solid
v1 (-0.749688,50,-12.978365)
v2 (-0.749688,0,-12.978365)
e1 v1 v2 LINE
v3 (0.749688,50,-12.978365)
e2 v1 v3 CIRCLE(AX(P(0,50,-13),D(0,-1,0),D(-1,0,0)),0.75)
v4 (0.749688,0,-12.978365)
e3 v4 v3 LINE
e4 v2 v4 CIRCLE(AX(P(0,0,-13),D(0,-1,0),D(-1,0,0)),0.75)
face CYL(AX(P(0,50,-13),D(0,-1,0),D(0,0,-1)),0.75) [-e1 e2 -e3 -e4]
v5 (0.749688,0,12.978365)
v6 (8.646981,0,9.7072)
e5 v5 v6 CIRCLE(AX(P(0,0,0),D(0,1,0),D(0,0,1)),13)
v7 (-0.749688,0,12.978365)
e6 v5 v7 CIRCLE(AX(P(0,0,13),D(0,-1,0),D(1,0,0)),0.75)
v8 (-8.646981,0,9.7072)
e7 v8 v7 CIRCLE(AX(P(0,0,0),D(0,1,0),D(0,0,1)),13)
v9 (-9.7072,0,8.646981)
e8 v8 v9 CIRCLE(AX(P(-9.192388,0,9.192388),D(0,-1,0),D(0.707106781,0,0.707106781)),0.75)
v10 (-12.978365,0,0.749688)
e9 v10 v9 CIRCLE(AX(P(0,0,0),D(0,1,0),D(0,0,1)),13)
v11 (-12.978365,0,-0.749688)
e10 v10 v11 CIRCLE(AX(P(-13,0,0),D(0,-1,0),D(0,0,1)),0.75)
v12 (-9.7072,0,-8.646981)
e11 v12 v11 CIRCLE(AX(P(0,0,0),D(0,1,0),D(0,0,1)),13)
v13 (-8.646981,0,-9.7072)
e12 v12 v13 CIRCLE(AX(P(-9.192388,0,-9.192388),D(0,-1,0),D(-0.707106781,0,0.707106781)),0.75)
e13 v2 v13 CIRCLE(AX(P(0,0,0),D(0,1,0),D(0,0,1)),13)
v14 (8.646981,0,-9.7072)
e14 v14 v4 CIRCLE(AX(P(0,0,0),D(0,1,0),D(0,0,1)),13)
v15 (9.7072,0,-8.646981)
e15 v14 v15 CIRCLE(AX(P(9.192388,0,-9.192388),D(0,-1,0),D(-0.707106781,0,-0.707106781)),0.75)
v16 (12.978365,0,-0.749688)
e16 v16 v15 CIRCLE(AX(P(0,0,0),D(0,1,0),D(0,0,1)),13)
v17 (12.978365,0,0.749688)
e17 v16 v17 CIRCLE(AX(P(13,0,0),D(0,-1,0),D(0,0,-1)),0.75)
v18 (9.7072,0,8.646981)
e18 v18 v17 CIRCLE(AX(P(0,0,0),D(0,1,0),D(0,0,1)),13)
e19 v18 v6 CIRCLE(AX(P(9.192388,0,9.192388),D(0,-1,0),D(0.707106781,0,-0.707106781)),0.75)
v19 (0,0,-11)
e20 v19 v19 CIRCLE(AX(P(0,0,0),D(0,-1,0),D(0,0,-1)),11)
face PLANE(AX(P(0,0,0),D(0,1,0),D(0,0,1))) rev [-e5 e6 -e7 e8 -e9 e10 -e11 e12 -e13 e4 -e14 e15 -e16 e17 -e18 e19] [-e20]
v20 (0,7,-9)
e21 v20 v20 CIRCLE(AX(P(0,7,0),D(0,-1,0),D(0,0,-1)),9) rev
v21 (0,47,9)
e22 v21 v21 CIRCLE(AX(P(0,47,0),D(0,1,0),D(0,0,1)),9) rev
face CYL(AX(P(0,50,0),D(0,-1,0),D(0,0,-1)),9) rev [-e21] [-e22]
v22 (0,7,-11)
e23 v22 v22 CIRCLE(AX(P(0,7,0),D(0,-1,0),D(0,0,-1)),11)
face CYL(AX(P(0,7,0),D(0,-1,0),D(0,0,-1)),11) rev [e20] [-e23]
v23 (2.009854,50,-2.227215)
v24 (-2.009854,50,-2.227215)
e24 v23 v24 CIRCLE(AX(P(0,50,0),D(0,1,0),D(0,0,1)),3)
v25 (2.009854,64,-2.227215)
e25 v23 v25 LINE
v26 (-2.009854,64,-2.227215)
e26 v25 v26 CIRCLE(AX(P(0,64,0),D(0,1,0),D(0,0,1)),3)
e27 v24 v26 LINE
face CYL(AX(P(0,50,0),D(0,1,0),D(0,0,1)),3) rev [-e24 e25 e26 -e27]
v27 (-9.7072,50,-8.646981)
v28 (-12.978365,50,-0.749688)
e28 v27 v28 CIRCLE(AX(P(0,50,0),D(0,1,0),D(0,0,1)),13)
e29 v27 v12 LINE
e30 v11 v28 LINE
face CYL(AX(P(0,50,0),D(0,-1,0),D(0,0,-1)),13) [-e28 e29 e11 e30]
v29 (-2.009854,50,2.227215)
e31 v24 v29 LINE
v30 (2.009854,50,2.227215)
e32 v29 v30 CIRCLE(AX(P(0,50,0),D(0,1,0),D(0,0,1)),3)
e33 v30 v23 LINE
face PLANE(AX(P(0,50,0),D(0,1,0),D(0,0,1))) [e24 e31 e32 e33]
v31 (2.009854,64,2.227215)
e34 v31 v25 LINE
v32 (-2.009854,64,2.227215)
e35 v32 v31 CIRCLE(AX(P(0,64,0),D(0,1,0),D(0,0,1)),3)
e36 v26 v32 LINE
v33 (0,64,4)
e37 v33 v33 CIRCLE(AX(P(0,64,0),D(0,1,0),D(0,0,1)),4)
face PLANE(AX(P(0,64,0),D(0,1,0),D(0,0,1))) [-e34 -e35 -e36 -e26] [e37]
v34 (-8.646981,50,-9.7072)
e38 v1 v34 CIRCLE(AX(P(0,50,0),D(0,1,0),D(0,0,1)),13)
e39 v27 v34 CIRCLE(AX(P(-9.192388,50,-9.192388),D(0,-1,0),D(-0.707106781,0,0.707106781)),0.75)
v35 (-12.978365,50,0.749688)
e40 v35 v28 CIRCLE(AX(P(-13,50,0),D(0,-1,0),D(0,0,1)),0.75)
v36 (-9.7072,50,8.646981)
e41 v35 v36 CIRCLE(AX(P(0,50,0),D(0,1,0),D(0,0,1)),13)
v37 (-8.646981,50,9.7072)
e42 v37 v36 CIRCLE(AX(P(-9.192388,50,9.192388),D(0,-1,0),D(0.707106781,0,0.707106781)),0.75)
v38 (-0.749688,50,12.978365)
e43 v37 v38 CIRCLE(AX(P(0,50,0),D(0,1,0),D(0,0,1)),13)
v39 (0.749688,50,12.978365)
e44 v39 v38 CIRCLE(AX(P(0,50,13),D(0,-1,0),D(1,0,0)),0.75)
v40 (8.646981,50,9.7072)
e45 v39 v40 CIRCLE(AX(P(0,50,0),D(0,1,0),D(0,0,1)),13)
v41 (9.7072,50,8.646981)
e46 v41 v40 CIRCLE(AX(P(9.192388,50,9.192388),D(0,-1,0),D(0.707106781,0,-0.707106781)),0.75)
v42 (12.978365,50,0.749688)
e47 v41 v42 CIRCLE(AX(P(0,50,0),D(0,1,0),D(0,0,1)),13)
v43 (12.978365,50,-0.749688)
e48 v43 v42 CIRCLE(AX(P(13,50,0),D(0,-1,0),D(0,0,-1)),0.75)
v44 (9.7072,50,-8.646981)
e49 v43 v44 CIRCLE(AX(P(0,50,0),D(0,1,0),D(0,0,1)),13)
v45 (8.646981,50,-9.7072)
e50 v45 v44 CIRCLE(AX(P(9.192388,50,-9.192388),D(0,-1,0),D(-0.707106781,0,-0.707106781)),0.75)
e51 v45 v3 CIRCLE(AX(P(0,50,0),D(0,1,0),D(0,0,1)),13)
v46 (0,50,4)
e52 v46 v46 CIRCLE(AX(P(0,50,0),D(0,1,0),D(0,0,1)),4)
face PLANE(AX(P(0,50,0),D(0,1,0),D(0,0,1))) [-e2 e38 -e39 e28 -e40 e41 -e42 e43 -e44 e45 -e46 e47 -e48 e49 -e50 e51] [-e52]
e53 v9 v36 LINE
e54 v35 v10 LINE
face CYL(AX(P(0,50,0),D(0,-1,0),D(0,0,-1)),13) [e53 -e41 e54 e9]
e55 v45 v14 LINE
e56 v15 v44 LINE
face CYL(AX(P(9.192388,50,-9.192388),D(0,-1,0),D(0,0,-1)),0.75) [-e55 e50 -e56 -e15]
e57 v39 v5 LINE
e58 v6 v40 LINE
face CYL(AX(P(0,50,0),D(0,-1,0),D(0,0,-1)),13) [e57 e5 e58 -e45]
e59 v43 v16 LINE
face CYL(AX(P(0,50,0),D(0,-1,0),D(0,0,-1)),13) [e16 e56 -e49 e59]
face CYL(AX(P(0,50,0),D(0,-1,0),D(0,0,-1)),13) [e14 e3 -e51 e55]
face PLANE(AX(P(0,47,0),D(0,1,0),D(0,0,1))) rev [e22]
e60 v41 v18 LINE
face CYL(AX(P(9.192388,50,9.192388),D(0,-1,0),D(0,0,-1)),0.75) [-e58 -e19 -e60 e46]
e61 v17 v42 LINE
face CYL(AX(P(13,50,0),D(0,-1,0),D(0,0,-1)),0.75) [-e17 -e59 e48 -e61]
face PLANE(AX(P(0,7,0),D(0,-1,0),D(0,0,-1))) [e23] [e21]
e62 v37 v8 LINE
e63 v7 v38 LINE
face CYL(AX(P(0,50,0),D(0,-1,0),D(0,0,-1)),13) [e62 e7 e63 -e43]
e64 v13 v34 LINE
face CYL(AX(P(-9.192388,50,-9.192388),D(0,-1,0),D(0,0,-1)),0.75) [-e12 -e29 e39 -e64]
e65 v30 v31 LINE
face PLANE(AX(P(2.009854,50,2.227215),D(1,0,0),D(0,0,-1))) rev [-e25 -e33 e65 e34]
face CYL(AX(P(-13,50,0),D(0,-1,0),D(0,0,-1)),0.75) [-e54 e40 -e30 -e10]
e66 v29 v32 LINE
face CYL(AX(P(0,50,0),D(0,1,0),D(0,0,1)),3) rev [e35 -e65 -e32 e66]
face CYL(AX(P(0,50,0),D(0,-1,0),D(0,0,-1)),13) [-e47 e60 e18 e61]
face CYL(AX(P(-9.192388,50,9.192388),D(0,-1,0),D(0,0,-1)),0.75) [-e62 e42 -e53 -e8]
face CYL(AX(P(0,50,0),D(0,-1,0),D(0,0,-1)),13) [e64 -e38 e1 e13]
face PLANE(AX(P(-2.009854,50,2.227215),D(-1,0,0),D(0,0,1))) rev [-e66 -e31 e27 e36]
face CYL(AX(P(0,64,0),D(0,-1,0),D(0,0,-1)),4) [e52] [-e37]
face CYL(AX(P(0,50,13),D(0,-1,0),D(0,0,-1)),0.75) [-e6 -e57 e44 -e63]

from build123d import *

# Parameters (mm, degrees)
ESQUISSE2_R                  = 13
BOSS_EXTRU_1_DEPTH           = 50
ESQUISSE3_R                  = 9
ENL_V_MAT_EXTRU_1_DEPTH      = 51
ESQUISSE4_R                  = 11
ENL_V_MAT_EXTRU_2_DEPTH      = 7
ESQUISSE6_R                  = 0.75
BOSS_EXTRU_2_DEPTH           = 50
R_P_TITION_CIRCULAIRE1_COUNT = 8
ESQUISSE7_R                  = 9
BOSS_EXTRU_3_DEPTH           = 3
ESQUISSE8_R                  = 4
BOSS_EXTRU_5_DEPTH           = 14
ENL_V_MAT_EXTRU_4_DEPTH      = 14


with BuildPart() as part:
    # Esquisse2 → Boss.-Extru.1 (new body)
    with BuildSketch(Plane(origin=(0, 0, 0), x_dir=(1, 0, 0), z_dir=(0, 1, 0))):
        Circle(ESQUISSE2_R)
    extrude(amount=BOSS_EXTRU_1_DEPTH)

    # Esquisse3 → Enlèv. mat.-Extru.1 (cut, through all)
    with BuildSketch(Plane.XZ):
        Circle(ESQUISSE3_R)
    extrude(amount=-ENL_V_MAT_EXTRU_1_DEPTH, mode=Mode.SUBTRACT)

    # Esquisse4 → Enlèv. mat.-Extru.2 (cut)
    with BuildSketch(Plane.XZ):
        Circle(ESQUISSE4_R)
    extrude(amount=-ENL_V_MAT_EXTRU_2_DEPTH, mode=Mode.SUBTRACT)

    # Esquisse6 → Boss.-Extru.2 (add)
    with BuildSketch(Plane(origin=(0, 0, 0), x_dir=(-1, 0, 0), z_dir=(0, -1, 0))):
        with Locations((-13, 0)):
            Circle(ESQUISSE6_R)
    boss_extru_2 = extrude(amount=-BOSS_EXTRU_2_DEPTH)

    # Répétition circulaire1: Boss.-Extru.2 ×8 about axis
    r_p_tition_circulaire1_axis = Axis((0, 0, 0), (0, 1, 0))
    for i in range(1, R_P_TITION_CIRCULAIRE1_COUNT):
        add(boss_extru_2.rotate(r_p_tition_circulaire1_axis, i * 360 / R_P_TITION_CIRCULAIRE1_COUNT))

    # Esquisse7 → Boss.-Extru.3 (add)
    with BuildSketch(Plane(origin=(0, 50, 0), x_dir=(1, 0, 0), z_dir=(0, 1, 0))):
        Circle(ESQUISSE7_R)
    extrude(amount=-BOSS_EXTRU_3_DEPTH)

    # Esquisse8 → Boss.-Extru.5 (add)
    with BuildSketch(Plane(origin=(0, 50, 0), x_dir=(1, 0, 0), z_dir=(0, 1, 0))):
        Circle(ESQUISSE8_R)
    extrude(amount=BOSS_EXTRU_5_DEPTH)

    # Esquisse10 → Enlèv. mat.-Extru.4 (cut)
    with BuildSketch(Plane(origin=(0, 64, 0), x_dir=(1, 0, 0), z_dir=(0, 1, 0))):
        with BuildLine():
            Line((-2.009853687, -2.227215337), (-2.009853687, 2.227215337))
            ThreePointArc((-2.009853687, 2.227215337), (0, 3), (2.009853687, 2.227215337))
            Line((2.009853687, 2.227215337), (2.009853687, -2.227215337))
            ThreePointArc((2.009853687, -2.227215337), (0, -3), (-2.009853687, -2.227215337))
        make_face()
    extrude(amount=-ENL_V_MAT_EXTRU_4_DEPTH, mode=Mode.SUBTRACT)


solid = part.part
